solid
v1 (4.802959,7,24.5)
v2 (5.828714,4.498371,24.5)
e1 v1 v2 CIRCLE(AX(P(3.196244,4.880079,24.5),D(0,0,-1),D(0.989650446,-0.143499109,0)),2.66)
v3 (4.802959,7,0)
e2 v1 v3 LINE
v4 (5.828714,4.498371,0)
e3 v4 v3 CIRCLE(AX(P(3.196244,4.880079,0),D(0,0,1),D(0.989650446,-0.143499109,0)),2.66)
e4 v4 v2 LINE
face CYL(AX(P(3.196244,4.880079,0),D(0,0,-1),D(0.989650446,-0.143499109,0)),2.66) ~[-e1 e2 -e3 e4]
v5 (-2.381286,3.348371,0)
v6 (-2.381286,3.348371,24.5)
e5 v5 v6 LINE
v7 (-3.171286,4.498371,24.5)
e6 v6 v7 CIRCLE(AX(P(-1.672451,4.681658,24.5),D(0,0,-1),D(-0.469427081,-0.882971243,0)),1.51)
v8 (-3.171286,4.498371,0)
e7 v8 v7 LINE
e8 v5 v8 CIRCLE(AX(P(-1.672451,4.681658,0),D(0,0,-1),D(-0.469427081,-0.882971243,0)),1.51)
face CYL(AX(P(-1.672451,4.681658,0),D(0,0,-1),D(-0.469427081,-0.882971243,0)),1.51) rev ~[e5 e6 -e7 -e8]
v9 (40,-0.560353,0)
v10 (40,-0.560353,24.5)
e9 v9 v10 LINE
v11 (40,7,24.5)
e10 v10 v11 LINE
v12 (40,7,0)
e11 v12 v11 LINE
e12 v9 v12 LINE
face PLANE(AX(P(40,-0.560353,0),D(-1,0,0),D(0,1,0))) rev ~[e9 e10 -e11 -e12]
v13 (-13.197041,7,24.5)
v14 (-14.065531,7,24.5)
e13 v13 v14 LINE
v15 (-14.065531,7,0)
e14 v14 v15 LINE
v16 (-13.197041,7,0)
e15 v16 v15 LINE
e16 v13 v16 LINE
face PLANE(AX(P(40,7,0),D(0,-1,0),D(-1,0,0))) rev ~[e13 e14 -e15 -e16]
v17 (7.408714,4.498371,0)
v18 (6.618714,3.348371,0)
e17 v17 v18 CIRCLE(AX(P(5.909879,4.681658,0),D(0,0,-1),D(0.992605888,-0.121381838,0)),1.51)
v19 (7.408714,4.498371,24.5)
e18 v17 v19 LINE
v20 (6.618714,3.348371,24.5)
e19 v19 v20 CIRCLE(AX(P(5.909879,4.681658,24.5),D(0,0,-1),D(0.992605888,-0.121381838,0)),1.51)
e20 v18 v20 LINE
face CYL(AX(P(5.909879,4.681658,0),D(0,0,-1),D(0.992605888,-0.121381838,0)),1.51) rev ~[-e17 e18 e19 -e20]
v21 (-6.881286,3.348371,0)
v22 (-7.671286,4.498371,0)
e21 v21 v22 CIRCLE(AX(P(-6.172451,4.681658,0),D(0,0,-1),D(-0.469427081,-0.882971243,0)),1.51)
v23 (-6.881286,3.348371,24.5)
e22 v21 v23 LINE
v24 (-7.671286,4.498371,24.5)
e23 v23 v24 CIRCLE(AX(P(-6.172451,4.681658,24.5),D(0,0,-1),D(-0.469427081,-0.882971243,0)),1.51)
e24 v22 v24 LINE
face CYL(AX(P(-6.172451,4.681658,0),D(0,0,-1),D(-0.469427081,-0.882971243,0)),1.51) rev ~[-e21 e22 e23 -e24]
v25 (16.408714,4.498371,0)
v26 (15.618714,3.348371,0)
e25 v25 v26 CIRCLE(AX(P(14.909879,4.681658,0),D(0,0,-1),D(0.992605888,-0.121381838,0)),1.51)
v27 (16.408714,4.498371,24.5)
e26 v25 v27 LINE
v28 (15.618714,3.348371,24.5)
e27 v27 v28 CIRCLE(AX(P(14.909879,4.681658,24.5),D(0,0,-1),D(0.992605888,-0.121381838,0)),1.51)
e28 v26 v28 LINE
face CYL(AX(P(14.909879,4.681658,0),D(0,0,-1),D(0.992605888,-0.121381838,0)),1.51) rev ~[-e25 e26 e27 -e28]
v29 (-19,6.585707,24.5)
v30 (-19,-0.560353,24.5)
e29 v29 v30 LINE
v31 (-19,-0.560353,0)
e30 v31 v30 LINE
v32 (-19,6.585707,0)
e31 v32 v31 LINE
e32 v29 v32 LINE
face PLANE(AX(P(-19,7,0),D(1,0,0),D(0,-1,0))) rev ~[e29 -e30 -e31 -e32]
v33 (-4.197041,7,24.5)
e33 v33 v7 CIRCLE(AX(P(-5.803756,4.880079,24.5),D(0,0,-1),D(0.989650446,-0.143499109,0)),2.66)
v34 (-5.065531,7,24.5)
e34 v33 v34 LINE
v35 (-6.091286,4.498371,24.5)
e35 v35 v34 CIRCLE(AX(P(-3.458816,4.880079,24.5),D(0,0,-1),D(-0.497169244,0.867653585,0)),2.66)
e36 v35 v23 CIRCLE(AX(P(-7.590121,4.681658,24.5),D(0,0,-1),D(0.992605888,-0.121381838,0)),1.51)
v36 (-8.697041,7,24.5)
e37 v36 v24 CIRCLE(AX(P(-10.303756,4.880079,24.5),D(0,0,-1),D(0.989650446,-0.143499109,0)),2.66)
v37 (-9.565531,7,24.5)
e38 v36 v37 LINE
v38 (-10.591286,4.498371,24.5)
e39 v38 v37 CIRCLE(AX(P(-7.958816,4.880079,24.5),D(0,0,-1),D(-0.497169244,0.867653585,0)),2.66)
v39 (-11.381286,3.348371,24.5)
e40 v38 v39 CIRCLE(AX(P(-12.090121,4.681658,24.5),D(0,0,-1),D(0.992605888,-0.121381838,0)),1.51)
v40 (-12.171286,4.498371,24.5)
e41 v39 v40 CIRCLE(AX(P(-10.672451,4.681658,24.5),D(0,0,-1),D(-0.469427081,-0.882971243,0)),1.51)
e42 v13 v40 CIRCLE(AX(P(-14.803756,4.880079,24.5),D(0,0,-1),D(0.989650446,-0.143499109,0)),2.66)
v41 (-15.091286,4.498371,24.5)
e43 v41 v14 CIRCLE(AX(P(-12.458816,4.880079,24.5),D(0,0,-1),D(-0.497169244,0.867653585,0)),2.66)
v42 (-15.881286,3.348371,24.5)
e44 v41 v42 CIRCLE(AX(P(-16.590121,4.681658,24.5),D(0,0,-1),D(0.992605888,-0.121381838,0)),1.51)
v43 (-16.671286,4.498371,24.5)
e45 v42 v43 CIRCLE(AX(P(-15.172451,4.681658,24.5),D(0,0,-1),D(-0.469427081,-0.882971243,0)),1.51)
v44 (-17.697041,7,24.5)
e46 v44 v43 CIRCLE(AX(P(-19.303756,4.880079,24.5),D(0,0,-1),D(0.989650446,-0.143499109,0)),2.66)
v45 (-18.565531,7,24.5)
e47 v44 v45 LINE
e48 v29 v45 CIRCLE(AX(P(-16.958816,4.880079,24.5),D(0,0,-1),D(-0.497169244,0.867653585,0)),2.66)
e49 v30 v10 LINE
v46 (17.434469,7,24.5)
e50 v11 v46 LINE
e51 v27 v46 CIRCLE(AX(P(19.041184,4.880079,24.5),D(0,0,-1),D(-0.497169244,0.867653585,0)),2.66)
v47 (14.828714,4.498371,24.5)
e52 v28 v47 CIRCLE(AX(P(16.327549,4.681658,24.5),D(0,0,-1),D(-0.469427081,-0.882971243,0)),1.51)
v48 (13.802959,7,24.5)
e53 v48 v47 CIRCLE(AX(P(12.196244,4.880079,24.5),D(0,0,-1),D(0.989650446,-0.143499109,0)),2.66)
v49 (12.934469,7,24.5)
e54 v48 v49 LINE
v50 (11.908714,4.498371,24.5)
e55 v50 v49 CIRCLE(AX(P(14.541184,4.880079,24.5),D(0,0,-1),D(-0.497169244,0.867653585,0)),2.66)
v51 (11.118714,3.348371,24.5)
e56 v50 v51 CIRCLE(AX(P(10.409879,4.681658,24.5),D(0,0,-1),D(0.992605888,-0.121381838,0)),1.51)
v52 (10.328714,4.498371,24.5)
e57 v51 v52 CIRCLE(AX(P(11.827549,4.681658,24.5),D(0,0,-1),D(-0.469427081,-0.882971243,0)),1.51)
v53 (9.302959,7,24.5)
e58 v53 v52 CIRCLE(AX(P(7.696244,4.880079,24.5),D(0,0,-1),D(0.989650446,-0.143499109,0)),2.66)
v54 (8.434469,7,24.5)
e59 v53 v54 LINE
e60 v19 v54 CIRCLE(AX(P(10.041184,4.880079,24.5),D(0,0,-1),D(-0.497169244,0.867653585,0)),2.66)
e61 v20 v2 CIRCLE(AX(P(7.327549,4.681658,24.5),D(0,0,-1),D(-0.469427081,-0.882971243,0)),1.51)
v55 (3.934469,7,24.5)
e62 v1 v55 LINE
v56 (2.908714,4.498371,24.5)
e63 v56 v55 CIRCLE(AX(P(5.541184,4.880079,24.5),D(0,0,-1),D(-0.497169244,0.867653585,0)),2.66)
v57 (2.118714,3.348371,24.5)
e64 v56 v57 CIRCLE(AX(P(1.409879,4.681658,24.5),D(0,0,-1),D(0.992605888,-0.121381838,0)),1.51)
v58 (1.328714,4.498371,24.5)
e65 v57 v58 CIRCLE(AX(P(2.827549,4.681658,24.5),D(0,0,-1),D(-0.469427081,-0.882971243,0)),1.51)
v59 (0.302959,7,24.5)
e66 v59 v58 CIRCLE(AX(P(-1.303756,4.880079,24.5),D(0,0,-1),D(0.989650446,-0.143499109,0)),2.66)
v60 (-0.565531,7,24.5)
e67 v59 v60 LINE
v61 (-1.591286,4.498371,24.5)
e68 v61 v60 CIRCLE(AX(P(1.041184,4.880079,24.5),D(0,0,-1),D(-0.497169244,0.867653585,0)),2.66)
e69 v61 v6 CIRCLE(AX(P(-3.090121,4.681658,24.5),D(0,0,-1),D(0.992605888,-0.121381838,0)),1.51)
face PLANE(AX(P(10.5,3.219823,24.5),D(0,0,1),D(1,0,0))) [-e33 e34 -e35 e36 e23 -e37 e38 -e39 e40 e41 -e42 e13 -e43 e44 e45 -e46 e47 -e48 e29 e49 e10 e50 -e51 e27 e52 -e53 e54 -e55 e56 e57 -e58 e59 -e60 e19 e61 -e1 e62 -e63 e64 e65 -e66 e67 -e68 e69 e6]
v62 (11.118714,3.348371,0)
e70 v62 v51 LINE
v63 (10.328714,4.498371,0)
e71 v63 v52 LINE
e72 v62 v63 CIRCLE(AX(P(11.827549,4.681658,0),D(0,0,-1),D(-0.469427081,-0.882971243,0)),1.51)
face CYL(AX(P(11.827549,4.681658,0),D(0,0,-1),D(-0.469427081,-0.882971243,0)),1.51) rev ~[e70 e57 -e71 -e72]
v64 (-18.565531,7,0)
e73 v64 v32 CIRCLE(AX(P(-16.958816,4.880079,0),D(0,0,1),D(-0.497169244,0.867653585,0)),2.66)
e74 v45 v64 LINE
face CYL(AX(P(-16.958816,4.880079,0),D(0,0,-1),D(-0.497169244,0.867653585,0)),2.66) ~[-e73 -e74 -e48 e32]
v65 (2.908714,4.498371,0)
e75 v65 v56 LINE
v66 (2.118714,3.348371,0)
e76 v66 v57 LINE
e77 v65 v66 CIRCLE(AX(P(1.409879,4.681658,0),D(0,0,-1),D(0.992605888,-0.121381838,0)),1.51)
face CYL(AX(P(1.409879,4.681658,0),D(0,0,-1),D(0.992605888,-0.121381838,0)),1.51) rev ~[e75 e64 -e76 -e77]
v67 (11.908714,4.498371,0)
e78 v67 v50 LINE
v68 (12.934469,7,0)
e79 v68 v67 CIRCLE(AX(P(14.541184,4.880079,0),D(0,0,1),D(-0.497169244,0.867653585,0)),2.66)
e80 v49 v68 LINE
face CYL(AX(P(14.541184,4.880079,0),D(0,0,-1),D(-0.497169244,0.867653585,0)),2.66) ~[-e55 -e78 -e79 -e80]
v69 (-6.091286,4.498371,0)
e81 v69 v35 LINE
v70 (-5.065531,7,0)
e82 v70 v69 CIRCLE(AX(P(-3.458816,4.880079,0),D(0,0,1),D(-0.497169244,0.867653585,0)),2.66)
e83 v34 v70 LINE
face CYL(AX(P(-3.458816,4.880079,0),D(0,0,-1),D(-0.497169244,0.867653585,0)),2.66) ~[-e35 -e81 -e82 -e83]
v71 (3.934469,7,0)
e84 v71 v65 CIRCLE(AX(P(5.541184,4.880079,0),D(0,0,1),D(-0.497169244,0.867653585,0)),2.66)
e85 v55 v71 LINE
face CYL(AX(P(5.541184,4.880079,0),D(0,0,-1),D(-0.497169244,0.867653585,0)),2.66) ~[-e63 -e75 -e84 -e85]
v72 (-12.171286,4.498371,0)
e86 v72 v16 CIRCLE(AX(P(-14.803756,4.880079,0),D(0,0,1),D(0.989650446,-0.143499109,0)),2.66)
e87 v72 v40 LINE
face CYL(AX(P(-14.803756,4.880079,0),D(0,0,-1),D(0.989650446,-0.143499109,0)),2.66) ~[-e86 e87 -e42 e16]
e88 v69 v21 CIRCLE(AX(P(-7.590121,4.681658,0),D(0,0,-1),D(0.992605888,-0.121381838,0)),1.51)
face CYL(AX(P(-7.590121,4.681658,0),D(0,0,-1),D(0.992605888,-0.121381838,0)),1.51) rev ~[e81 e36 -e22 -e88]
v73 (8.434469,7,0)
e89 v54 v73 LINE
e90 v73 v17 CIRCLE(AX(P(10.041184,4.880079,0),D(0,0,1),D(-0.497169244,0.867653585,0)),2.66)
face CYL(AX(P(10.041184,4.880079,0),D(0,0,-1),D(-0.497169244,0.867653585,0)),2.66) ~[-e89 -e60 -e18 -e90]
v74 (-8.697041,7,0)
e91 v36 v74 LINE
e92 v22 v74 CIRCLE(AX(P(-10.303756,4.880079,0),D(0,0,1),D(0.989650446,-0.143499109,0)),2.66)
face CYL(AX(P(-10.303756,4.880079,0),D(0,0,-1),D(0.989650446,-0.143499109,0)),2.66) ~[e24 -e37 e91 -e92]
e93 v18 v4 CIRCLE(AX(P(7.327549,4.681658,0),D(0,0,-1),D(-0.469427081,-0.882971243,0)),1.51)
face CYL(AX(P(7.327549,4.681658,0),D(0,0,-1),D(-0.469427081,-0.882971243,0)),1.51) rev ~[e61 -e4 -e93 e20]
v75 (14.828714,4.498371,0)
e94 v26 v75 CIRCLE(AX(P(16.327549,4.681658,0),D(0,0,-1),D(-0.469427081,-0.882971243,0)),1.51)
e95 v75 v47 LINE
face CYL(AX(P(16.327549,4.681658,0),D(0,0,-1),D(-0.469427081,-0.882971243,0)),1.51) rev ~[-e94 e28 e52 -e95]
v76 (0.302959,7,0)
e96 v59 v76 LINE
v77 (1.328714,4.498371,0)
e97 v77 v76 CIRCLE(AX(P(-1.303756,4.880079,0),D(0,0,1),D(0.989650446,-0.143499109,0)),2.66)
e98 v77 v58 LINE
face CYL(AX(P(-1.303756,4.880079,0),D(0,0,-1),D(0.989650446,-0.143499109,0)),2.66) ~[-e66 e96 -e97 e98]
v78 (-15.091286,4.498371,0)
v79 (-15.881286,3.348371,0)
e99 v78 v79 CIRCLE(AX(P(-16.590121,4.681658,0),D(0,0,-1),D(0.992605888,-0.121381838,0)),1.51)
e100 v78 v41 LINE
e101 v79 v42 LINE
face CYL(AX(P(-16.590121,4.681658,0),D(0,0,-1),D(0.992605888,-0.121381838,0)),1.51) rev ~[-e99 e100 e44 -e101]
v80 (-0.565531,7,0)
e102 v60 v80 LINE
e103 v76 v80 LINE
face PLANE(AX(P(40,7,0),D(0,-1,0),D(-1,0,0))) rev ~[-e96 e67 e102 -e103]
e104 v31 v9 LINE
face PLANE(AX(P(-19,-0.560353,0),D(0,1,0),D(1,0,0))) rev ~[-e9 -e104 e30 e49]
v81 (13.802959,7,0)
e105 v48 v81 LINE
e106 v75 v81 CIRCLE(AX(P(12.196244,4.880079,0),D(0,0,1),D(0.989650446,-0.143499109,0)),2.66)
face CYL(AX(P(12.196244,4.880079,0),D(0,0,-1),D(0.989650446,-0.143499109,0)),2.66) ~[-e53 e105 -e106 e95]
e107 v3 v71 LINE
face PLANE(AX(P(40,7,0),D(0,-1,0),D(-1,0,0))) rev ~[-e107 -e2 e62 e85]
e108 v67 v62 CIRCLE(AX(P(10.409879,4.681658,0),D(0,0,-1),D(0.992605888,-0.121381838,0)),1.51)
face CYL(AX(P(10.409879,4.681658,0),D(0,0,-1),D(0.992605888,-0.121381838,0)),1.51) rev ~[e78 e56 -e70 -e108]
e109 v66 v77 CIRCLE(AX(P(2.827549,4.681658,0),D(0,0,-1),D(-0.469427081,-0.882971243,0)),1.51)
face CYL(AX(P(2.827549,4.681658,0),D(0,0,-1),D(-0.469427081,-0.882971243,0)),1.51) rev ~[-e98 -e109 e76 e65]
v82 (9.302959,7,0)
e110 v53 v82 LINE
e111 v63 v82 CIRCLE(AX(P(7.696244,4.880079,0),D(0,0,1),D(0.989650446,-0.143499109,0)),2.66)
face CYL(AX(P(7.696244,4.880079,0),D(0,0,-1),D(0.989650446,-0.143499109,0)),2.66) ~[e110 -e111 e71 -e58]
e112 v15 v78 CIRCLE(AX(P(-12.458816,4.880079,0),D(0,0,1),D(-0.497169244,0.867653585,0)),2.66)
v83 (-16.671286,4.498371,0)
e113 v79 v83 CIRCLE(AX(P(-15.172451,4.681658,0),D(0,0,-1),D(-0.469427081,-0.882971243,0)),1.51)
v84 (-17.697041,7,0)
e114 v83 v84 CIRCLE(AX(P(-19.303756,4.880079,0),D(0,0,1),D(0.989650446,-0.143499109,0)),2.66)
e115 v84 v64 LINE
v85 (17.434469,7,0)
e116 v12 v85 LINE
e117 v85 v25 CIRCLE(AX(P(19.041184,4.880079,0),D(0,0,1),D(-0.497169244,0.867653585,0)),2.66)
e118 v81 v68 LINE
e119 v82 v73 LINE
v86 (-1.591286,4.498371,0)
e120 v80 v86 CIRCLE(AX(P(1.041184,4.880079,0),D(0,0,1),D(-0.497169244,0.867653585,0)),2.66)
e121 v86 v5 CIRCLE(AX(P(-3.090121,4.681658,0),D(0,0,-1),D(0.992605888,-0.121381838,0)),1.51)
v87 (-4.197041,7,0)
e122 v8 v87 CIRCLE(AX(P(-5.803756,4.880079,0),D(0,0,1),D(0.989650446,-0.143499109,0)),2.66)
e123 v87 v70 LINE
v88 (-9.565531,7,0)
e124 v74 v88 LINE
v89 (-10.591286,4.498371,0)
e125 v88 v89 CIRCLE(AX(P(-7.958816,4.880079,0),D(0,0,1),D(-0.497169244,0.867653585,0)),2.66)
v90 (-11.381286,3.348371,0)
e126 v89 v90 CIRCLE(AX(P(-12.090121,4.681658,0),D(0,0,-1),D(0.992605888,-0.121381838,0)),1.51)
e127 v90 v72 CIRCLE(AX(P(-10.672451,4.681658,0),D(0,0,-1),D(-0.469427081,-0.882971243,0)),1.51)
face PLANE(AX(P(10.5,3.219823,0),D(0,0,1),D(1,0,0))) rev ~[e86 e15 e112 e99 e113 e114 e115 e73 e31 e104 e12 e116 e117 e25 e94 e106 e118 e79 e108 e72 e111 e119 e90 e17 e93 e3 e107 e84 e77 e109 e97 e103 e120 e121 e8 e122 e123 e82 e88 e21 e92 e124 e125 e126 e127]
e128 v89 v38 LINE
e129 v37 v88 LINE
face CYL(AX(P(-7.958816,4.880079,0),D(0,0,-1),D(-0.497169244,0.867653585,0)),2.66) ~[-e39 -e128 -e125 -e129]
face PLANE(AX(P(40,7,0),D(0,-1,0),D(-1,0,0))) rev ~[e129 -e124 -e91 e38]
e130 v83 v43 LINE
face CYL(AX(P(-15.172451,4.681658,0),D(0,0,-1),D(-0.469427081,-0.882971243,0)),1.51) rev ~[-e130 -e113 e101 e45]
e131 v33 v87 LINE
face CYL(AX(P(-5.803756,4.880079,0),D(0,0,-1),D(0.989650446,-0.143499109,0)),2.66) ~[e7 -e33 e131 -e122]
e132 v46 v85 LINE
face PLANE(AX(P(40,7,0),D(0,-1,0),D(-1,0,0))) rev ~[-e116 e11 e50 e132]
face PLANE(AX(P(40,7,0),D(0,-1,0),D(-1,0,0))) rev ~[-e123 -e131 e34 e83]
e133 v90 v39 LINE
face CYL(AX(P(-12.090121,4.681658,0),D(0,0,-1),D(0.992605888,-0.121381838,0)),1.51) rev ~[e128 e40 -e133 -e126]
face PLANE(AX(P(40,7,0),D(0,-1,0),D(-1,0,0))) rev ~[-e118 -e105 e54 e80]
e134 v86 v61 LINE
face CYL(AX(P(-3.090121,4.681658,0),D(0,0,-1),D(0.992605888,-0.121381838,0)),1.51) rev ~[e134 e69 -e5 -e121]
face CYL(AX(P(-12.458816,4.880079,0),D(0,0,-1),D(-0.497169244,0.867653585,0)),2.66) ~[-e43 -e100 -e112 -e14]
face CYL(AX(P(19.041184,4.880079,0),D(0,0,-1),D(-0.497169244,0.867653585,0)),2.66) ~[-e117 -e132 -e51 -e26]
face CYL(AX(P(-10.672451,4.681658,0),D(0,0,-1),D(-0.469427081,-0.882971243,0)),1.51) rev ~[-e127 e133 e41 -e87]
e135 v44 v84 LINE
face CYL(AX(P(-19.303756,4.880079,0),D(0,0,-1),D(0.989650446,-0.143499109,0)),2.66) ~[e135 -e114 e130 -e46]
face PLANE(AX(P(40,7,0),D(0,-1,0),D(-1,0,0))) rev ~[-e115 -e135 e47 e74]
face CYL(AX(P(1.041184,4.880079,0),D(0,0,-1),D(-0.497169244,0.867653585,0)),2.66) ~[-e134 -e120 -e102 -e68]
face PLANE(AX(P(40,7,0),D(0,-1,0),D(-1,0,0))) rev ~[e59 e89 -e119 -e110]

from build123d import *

# Parameters (mm, degrees)
BOSS_EXTRUDE1_DEPTH = 24.5
CUT_EXTRUDE1_DEPTH  = 26.12
LPATTERN1_COUNT     = 4
LPATTERN1_PITCH     = 4.5
LPATTERN1_COL_COUNT = 6
LPATTERN1_COL_PITCH = 4.5


with BuildPart() as part:
    # Sketch1 → Boss-Extrude1 (new body)
    with BuildSketch(Plane.XY):
        Polygon((4, 7), (-19, 7), (-19, -0.560353425), (0.939234275, -0.560353425), (40, -0.560353425), (40, 7), align=None)
    extrude(amount=BOSS_EXTRUDE1_DEPTH)

    # Sketch2 → Cut-Extrude1 (cut)
    with BuildSketch(Plane.XY):
        with BuildLine():
            ThreePointArc((-6.881285782, 3.348371163), (-7.417069895, 3.826658598), (-7.671285782, 4.498371163))
            ThreePointArc((-7.671285782, 4.498371163), (-7.912320341, 6.04482582), (-8.981285782, 7.188037328))
            ThreePointArc((-8.981285782, 7.188037328), (-6.881285782, 7.762283268), (-4.781285782, 7.188037328))
            ThreePointArc((-4.781285782, 7.188037328), (-5.850251222, 6.04482582), (-6.091285782, 4.498371163))
            ThreePointArc((-6.091285782, 4.498371163), (-6.345501668, 3.826658598), (-6.881285782, 3.348371163))
        make_face()
    cut_extrude1 = extrude(amount=CUT_EXTRUDE1_DEPTH, mode=Mode.SUBTRACT)

    # LPattern1: Cut-Extrude1 ×4
    with Locations(*[(-i * LPATTERN1_PITCH, 0, 0) for i in range(1, LPATTERN1_COUNT)]):
        add(cut_extrude1, mode=Mode.SUBTRACT)

    # LPattern1 col: Cut-Extrude1 ×6
    with Locations(*[(i * LPATTERN1_COL_PITCH, 0, 0) for i in range(1, LPATTERN1_COL_COUNT)]):
        add(cut_extrude1, mode=Mode.SUBTRACT)


solid = part.part
